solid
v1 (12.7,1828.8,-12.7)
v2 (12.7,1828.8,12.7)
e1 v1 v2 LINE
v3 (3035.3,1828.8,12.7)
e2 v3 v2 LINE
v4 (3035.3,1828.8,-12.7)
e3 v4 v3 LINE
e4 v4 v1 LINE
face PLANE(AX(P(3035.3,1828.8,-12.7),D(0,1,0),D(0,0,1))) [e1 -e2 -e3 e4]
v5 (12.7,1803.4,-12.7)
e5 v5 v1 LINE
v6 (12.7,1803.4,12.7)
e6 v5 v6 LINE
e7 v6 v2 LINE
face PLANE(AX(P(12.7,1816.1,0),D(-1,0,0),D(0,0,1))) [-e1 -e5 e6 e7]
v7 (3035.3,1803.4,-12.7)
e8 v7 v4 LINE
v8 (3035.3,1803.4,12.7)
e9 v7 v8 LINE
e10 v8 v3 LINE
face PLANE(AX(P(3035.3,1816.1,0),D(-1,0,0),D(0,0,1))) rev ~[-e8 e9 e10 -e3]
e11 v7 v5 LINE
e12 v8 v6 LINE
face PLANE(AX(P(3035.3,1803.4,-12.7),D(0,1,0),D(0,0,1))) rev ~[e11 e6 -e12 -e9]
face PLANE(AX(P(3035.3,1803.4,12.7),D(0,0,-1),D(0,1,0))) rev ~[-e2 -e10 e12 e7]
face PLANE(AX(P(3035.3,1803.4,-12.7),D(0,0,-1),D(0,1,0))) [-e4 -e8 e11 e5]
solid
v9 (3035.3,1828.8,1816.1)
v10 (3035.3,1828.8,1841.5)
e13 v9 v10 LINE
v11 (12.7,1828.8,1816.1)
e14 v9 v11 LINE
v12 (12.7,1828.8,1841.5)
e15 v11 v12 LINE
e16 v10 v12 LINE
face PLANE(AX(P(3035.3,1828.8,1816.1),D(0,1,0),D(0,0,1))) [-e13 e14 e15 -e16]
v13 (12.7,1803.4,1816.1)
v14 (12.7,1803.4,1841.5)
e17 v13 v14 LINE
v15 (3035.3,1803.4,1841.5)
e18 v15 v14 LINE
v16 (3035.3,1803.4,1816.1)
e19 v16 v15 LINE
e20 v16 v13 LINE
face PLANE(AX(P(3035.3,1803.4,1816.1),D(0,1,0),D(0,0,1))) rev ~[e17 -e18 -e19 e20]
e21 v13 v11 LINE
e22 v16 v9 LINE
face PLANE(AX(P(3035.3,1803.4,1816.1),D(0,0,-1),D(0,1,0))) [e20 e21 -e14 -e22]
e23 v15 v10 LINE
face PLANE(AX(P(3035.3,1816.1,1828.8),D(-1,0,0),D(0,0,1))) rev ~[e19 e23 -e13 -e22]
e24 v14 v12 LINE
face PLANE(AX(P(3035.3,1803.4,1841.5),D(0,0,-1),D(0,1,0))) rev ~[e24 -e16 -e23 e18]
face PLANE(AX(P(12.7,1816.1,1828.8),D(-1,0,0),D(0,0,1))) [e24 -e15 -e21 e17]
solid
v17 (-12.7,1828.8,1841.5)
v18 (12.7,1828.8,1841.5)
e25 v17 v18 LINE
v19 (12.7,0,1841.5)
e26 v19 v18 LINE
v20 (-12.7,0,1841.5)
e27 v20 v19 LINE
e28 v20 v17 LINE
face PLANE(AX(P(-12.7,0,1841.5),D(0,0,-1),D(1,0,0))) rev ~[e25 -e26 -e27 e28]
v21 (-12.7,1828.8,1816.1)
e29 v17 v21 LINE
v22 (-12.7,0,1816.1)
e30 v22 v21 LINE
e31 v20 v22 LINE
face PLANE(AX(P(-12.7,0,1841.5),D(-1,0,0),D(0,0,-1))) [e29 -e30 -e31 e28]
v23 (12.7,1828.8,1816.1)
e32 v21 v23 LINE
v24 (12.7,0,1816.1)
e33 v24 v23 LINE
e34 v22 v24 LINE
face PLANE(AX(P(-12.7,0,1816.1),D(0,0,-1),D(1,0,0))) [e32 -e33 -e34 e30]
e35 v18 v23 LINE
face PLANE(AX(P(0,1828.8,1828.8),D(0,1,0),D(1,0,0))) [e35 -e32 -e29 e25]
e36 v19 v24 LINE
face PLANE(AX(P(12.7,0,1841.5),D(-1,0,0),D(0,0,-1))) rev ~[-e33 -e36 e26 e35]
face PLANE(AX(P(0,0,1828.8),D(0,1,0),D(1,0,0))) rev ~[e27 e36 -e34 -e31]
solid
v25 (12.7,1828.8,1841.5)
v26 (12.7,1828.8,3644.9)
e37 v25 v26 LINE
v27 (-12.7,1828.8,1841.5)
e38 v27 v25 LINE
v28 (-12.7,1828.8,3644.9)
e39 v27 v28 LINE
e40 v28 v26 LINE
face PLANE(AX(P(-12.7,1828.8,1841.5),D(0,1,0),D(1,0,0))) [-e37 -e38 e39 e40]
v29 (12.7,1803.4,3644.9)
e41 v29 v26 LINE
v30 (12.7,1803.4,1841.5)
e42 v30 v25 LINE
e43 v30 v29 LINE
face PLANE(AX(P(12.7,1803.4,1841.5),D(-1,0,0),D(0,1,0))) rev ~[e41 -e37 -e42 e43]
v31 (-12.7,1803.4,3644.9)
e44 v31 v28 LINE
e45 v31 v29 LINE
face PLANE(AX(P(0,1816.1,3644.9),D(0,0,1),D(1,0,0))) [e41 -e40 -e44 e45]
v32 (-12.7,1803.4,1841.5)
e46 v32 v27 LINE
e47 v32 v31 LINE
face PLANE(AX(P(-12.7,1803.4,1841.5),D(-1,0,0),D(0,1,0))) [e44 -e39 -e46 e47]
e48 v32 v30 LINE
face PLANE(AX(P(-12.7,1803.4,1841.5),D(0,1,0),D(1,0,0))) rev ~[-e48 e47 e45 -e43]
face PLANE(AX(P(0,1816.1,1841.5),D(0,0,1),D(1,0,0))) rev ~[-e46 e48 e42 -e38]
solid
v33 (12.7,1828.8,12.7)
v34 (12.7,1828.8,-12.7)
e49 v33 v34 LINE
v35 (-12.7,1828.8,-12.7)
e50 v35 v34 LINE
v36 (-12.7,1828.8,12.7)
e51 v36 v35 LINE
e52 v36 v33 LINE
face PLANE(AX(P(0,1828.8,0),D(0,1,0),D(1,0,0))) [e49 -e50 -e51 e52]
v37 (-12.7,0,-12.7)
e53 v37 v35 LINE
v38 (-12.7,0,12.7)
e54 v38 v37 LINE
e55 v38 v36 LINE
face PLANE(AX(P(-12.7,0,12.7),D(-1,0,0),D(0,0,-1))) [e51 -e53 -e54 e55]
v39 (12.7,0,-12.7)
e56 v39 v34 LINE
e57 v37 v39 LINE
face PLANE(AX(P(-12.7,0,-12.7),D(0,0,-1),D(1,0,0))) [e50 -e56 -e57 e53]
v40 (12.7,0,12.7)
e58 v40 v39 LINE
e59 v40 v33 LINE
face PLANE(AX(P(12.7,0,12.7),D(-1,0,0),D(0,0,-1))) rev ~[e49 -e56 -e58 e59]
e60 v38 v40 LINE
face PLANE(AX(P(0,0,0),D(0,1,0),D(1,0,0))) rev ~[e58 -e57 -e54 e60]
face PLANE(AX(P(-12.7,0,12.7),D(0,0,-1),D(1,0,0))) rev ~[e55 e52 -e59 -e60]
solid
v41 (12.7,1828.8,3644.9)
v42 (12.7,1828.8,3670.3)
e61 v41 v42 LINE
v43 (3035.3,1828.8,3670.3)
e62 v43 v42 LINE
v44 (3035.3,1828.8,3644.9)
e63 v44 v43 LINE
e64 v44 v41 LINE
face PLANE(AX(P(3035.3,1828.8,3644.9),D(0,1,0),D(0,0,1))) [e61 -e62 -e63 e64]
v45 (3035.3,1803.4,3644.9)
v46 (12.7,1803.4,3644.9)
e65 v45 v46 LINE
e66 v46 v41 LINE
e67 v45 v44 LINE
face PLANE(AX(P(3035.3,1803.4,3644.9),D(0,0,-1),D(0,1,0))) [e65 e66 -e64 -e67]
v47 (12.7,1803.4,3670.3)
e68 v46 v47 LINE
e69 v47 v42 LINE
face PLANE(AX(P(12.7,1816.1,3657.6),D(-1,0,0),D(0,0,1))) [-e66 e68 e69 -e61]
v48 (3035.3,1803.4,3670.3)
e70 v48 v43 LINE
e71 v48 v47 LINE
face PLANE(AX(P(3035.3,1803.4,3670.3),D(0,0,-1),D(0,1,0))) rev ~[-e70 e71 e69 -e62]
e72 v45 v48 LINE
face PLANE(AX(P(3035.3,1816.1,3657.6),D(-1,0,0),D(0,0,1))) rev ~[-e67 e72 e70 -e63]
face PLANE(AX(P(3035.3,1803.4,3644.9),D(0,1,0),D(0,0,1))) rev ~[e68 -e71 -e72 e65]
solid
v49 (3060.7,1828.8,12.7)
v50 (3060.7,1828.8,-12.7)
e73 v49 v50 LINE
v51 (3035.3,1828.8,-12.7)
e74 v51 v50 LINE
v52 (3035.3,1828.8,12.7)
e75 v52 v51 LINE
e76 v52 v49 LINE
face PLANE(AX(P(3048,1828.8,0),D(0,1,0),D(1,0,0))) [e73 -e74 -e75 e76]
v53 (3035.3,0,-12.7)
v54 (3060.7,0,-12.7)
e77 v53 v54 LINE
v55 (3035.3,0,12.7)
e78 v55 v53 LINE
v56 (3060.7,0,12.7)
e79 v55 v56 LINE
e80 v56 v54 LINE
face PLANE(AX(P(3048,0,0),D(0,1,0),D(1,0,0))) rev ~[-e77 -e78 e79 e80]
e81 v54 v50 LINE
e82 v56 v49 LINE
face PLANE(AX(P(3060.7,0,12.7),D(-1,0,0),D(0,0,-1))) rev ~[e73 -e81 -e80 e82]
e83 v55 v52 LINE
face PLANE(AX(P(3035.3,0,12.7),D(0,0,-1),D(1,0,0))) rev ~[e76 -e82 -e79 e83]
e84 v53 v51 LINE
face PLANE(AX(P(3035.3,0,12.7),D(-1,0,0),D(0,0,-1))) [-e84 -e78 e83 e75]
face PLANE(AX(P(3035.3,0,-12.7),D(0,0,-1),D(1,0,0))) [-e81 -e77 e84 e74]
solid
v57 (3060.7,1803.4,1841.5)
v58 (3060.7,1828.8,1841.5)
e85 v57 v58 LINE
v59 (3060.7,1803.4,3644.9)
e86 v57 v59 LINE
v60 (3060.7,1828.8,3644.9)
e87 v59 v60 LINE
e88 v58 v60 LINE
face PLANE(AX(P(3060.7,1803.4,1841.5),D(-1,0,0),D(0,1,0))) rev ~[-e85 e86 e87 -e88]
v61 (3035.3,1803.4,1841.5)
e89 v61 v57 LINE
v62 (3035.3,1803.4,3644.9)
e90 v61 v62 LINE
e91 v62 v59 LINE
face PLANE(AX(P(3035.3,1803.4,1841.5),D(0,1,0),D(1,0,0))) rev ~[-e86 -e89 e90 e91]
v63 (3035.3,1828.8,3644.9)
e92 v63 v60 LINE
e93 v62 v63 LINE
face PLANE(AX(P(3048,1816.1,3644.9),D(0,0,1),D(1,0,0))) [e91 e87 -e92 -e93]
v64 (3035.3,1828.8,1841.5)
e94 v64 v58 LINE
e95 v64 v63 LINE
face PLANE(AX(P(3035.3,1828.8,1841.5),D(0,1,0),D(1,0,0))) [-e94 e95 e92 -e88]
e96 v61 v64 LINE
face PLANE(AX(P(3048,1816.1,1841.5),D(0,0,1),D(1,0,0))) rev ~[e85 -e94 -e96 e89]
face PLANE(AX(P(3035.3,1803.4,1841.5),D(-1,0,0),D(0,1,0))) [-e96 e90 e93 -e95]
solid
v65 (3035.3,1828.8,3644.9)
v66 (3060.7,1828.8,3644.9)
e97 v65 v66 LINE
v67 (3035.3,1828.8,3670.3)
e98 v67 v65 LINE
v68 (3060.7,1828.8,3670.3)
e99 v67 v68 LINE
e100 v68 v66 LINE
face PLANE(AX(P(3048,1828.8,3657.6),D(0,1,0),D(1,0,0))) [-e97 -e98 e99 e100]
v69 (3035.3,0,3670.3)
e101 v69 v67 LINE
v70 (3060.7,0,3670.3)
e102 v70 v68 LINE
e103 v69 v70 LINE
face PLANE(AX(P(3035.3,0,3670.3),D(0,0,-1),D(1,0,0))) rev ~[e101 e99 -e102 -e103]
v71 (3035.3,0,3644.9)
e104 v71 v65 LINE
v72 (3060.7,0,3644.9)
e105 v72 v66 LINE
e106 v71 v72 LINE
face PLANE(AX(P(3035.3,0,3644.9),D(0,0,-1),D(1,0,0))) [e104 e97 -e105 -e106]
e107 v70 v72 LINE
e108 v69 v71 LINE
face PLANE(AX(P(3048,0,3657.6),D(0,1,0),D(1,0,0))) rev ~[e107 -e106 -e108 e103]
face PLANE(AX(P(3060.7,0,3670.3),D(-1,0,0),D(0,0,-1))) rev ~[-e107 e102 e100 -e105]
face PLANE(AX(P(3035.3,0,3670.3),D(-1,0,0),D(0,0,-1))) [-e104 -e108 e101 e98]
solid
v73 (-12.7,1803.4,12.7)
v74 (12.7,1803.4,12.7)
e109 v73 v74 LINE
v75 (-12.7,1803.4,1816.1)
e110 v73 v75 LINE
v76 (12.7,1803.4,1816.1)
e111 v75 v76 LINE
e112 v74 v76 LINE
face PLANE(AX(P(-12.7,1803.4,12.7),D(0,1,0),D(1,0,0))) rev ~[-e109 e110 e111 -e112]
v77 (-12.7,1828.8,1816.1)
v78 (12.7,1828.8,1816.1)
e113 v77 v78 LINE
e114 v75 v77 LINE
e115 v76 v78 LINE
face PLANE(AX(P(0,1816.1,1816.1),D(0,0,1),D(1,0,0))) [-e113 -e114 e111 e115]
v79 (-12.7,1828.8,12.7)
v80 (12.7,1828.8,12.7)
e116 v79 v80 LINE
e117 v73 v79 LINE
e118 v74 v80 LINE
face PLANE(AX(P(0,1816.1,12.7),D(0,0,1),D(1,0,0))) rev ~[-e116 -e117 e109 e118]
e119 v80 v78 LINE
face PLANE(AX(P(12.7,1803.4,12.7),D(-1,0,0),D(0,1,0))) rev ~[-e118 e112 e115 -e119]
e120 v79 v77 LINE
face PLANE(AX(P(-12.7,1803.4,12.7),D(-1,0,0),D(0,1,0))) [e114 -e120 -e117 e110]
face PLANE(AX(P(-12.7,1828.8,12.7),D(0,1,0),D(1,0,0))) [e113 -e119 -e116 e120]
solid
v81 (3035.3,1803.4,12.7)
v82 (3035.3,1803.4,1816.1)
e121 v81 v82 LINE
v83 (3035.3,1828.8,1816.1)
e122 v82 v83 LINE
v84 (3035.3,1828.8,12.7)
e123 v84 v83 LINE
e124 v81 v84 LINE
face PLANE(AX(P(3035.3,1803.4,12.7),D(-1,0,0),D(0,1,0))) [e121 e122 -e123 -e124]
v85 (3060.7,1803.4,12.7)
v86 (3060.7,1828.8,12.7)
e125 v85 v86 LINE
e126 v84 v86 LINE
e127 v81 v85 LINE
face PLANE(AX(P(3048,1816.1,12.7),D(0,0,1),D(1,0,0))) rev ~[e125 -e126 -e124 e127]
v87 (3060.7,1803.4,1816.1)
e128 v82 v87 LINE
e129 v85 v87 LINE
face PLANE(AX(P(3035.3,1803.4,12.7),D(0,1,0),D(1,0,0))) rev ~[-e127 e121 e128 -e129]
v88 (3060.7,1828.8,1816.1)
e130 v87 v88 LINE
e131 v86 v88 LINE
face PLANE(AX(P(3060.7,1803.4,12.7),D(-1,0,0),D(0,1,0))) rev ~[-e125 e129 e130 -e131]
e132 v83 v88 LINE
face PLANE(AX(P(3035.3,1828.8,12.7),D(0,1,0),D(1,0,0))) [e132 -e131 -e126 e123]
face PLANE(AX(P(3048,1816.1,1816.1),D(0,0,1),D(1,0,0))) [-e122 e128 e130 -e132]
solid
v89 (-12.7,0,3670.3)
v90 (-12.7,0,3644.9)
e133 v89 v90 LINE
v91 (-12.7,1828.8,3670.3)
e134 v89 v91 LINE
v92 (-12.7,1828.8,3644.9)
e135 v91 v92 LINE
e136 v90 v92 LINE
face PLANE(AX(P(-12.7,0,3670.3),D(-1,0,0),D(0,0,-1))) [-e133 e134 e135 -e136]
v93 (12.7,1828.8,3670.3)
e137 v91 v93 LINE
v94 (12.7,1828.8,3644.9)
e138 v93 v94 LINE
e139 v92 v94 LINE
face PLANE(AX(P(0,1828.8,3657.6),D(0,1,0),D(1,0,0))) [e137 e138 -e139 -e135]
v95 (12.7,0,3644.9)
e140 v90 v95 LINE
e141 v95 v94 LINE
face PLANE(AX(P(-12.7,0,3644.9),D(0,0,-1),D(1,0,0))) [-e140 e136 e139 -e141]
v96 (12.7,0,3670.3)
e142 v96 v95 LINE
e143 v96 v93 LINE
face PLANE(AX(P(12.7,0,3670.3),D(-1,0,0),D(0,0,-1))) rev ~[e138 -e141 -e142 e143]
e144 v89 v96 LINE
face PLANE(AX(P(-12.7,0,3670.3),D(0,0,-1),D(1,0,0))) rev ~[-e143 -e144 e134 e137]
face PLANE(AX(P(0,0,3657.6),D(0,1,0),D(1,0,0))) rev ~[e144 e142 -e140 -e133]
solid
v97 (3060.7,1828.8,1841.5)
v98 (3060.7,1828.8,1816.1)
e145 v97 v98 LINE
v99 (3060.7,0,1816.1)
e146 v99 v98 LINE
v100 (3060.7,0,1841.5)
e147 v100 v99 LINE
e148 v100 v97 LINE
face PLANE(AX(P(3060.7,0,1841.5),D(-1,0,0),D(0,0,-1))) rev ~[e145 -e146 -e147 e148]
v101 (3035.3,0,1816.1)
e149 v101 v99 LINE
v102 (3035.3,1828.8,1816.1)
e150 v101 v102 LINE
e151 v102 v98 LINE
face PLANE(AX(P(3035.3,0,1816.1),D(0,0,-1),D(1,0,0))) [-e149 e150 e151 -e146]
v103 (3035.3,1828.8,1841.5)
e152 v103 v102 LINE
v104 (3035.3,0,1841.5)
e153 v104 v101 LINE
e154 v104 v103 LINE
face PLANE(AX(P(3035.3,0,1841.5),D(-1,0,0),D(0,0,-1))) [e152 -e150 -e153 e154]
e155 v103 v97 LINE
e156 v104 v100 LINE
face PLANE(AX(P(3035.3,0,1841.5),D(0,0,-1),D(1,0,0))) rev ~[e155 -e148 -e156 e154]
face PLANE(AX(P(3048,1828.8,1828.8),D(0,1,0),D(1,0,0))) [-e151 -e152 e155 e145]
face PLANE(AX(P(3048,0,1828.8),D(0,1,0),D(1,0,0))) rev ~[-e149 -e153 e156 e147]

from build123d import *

# Parameters (mm, degrees)
SKETCH1_W             = 25.4
SKETCH1_H             = 25.4
BOSS_EXTRUDE1_DEPTH   = 1828.8
BOSS_EXTRUDE1_2_DEPTH = 1828.8
BOSS_EXTRUDE1_3_DEPTH = 1828.8
BOSS_EXTRUDE1_4_DEPTH = 1828.8
BOSS_EXTRUDE1_5_DEPTH = 1828.8
BOSS_EXTRUDE1_6_DEPTH = 1828.8
SKETCH2_W             = 25.4
SKETCH2_H             = 25.4
BOSS_EXTRUDE2_DEPTH   = 1803.4
BOSS_EXTRUDE2_2_DEPTH = 1803.4
SKETCH3_W             = 25.4
SKETCH3_H             = 25.4
BOSS_EXTRUDE3_DEPTH   = 1803.4
BOSS_EXTRUDE3_2_DEPTH = 1803.4
SKETCH4_W             = 25.4
SKETCH4_H             = 25.4
BOSS_EXTRUDE4_DEPTH   = 3022.6
BOSS_EXTRUDE4_2_DEPTH = 3022.6
BOSS_EXTRUDE4_3_DEPTH = 3022.6


with BuildPart() as part:
    # Sketch1 → Boss-Extrude1 (new body)
    with BuildSketch(Plane(origin=(0, 0, 0), x_dir=(1, 0, 0), z_dir=(0, 1, 0))):
        Rectangle(SKETCH1_W, SKETCH1_H)
    extrude(amount=BOSS_EXTRUDE1_DEPTH)


with BuildPart() as body_2:
    # Sketch1 → Boss-Extrude1 2 (new body)
    with BuildSketch(Plane(origin=(0, 0, 0), x_dir=(1, 0, 0), z_dir=(0, 1, 0))):
        with Locations((3048, -1828.8)):
            Rectangle(SKETCH1_W, SKETCH1_H)
    extrude(amount=BOSS_EXTRUDE1_2_DEPTH)


with BuildPart() as body_3:
    # Sketch1 → Boss-Extrude1 3 (new body)
    with BuildSketch(Plane(origin=(0, 0, 0), x_dir=(1, 0, 0), z_dir=(0, 1, 0))):
        with Locations((0, -1828.8)):
            Rectangle(SKETCH1_W, SKETCH1_H)
    extrude(amount=BOSS_EXTRUDE1_3_DEPTH)


with BuildPart() as body_4:
    # Sketch1 → Boss-Extrude1 4 (new body)
    with BuildSketch(Plane(origin=(0, 0, 0), x_dir=(1, 0, 0), z_dir=(0, 1, 0))):
        with Locations((0, -3657.6)):
            Rectangle(SKETCH1_W, SKETCH1_H)
    extrude(amount=BOSS_EXTRUDE1_4_DEPTH)


with BuildPart() as body_5:
    # Sketch1 → Boss-Extrude1 5 (new body)
    with BuildSketch(Plane(origin=(0, 0, 0), x_dir=(1, 0, 0), z_dir=(0, 1, 0))):
        with Locations((3048, -3657.6)):
            Rectangle(SKETCH1_W, SKETCH1_H)
    extrude(amount=BOSS_EXTRUDE1_5_DEPTH)


with BuildPart() as body_6:
    # Sketch1 → Boss-Extrude1 6 (new body)
    with BuildSketch(Plane(origin=(0, 0, 0), x_dir=(1, 0, 0), z_dir=(0, 1, 0))):
        with Locations((3048, 0)):
            Rectangle(SKETCH1_W, SKETCH1_H)
    extrude(amount=BOSS_EXTRUDE1_6_DEPTH)


with BuildPart() as body_7:
    # Sketch2 → Boss-Extrude2 (new body)
    with BuildSketch(Plane.XY.offset(12.7)):
        with Locations((0, 1816.1)):
            Rectangle(SKETCH2_W, SKETCH2_H)
    extrude(amount=BOSS_EXTRUDE2_DEPTH)


with BuildPart() as body_8:
    # Sketch2 → Boss-Extrude2 2 (new body)
    with BuildSketch(Plane.XY.offset(12.7)):
        with Locations((3048, 1816.1)):
            Rectangle(SKETCH2_W, SKETCH2_H)
    extrude(amount=BOSS_EXTRUDE2_2_DEPTH)


with BuildPart() as body_9:
    # Sketch3 → Boss-Extrude3 (new body)
    with BuildSketch(Plane.XY.offset(1841.5)):
        with Locations((0, 1816.1)):
            Rectangle(SKETCH3_W, SKETCH3_H)
    extrude(amount=BOSS_EXTRUDE3_DEPTH)


with BuildPart() as body_10:
    # Sketch3 → Boss-Extrude3 2 (new body)
    with BuildSketch(Plane.XY.offset(1841.5)):
        with Locations((3048, 1816.1)):
            Rectangle(SKETCH3_W, SKETCH3_H)
    extrude(amount=BOSS_EXTRUDE3_2_DEPTH)


with BuildPart() as body_11:
    # Sketch4 → Boss-Extrude4 (new body)
    with BuildSketch(Plane.ZY.offset(-3035.3)):
        with Locations((0, 1816.1)):
            Rectangle(SKETCH4_W, SKETCH4_H)
    extrude(amount=BOSS_EXTRUDE4_DEPTH)


with BuildPart() as body_12:
    # Sketch4 → Boss-Extrude4 2 (new body)
    with BuildSketch(Plane.ZY.offset(-3035.3)):
        with Locations((1828.8, 1816.1)):
            Rectangle(SKETCH4_W, SKETCH4_H)
    extrude(amount=BOSS_EXTRUDE4_2_DEPTH)


with BuildPart() as body_13:
    # Sketch4 → Boss-Extrude4 3 (new body)
    with BuildSketch(Plane.ZY.offset(-3035.3)):
        with Locations((3657.6, 1816.1)):
            Rectangle(SKETCH4_W, SKETCH4_H)
    extrude(amount=BOSS_EXTRUDE4_3_DEPTH)


solid = Compound([part.part, body_2.part, body_3.part, body_4.part, body_5.part, body_6.part, body_7.part, body_8.part, body_9.part, body_10.part, body_11.part, body_12.part, body_13.part])
